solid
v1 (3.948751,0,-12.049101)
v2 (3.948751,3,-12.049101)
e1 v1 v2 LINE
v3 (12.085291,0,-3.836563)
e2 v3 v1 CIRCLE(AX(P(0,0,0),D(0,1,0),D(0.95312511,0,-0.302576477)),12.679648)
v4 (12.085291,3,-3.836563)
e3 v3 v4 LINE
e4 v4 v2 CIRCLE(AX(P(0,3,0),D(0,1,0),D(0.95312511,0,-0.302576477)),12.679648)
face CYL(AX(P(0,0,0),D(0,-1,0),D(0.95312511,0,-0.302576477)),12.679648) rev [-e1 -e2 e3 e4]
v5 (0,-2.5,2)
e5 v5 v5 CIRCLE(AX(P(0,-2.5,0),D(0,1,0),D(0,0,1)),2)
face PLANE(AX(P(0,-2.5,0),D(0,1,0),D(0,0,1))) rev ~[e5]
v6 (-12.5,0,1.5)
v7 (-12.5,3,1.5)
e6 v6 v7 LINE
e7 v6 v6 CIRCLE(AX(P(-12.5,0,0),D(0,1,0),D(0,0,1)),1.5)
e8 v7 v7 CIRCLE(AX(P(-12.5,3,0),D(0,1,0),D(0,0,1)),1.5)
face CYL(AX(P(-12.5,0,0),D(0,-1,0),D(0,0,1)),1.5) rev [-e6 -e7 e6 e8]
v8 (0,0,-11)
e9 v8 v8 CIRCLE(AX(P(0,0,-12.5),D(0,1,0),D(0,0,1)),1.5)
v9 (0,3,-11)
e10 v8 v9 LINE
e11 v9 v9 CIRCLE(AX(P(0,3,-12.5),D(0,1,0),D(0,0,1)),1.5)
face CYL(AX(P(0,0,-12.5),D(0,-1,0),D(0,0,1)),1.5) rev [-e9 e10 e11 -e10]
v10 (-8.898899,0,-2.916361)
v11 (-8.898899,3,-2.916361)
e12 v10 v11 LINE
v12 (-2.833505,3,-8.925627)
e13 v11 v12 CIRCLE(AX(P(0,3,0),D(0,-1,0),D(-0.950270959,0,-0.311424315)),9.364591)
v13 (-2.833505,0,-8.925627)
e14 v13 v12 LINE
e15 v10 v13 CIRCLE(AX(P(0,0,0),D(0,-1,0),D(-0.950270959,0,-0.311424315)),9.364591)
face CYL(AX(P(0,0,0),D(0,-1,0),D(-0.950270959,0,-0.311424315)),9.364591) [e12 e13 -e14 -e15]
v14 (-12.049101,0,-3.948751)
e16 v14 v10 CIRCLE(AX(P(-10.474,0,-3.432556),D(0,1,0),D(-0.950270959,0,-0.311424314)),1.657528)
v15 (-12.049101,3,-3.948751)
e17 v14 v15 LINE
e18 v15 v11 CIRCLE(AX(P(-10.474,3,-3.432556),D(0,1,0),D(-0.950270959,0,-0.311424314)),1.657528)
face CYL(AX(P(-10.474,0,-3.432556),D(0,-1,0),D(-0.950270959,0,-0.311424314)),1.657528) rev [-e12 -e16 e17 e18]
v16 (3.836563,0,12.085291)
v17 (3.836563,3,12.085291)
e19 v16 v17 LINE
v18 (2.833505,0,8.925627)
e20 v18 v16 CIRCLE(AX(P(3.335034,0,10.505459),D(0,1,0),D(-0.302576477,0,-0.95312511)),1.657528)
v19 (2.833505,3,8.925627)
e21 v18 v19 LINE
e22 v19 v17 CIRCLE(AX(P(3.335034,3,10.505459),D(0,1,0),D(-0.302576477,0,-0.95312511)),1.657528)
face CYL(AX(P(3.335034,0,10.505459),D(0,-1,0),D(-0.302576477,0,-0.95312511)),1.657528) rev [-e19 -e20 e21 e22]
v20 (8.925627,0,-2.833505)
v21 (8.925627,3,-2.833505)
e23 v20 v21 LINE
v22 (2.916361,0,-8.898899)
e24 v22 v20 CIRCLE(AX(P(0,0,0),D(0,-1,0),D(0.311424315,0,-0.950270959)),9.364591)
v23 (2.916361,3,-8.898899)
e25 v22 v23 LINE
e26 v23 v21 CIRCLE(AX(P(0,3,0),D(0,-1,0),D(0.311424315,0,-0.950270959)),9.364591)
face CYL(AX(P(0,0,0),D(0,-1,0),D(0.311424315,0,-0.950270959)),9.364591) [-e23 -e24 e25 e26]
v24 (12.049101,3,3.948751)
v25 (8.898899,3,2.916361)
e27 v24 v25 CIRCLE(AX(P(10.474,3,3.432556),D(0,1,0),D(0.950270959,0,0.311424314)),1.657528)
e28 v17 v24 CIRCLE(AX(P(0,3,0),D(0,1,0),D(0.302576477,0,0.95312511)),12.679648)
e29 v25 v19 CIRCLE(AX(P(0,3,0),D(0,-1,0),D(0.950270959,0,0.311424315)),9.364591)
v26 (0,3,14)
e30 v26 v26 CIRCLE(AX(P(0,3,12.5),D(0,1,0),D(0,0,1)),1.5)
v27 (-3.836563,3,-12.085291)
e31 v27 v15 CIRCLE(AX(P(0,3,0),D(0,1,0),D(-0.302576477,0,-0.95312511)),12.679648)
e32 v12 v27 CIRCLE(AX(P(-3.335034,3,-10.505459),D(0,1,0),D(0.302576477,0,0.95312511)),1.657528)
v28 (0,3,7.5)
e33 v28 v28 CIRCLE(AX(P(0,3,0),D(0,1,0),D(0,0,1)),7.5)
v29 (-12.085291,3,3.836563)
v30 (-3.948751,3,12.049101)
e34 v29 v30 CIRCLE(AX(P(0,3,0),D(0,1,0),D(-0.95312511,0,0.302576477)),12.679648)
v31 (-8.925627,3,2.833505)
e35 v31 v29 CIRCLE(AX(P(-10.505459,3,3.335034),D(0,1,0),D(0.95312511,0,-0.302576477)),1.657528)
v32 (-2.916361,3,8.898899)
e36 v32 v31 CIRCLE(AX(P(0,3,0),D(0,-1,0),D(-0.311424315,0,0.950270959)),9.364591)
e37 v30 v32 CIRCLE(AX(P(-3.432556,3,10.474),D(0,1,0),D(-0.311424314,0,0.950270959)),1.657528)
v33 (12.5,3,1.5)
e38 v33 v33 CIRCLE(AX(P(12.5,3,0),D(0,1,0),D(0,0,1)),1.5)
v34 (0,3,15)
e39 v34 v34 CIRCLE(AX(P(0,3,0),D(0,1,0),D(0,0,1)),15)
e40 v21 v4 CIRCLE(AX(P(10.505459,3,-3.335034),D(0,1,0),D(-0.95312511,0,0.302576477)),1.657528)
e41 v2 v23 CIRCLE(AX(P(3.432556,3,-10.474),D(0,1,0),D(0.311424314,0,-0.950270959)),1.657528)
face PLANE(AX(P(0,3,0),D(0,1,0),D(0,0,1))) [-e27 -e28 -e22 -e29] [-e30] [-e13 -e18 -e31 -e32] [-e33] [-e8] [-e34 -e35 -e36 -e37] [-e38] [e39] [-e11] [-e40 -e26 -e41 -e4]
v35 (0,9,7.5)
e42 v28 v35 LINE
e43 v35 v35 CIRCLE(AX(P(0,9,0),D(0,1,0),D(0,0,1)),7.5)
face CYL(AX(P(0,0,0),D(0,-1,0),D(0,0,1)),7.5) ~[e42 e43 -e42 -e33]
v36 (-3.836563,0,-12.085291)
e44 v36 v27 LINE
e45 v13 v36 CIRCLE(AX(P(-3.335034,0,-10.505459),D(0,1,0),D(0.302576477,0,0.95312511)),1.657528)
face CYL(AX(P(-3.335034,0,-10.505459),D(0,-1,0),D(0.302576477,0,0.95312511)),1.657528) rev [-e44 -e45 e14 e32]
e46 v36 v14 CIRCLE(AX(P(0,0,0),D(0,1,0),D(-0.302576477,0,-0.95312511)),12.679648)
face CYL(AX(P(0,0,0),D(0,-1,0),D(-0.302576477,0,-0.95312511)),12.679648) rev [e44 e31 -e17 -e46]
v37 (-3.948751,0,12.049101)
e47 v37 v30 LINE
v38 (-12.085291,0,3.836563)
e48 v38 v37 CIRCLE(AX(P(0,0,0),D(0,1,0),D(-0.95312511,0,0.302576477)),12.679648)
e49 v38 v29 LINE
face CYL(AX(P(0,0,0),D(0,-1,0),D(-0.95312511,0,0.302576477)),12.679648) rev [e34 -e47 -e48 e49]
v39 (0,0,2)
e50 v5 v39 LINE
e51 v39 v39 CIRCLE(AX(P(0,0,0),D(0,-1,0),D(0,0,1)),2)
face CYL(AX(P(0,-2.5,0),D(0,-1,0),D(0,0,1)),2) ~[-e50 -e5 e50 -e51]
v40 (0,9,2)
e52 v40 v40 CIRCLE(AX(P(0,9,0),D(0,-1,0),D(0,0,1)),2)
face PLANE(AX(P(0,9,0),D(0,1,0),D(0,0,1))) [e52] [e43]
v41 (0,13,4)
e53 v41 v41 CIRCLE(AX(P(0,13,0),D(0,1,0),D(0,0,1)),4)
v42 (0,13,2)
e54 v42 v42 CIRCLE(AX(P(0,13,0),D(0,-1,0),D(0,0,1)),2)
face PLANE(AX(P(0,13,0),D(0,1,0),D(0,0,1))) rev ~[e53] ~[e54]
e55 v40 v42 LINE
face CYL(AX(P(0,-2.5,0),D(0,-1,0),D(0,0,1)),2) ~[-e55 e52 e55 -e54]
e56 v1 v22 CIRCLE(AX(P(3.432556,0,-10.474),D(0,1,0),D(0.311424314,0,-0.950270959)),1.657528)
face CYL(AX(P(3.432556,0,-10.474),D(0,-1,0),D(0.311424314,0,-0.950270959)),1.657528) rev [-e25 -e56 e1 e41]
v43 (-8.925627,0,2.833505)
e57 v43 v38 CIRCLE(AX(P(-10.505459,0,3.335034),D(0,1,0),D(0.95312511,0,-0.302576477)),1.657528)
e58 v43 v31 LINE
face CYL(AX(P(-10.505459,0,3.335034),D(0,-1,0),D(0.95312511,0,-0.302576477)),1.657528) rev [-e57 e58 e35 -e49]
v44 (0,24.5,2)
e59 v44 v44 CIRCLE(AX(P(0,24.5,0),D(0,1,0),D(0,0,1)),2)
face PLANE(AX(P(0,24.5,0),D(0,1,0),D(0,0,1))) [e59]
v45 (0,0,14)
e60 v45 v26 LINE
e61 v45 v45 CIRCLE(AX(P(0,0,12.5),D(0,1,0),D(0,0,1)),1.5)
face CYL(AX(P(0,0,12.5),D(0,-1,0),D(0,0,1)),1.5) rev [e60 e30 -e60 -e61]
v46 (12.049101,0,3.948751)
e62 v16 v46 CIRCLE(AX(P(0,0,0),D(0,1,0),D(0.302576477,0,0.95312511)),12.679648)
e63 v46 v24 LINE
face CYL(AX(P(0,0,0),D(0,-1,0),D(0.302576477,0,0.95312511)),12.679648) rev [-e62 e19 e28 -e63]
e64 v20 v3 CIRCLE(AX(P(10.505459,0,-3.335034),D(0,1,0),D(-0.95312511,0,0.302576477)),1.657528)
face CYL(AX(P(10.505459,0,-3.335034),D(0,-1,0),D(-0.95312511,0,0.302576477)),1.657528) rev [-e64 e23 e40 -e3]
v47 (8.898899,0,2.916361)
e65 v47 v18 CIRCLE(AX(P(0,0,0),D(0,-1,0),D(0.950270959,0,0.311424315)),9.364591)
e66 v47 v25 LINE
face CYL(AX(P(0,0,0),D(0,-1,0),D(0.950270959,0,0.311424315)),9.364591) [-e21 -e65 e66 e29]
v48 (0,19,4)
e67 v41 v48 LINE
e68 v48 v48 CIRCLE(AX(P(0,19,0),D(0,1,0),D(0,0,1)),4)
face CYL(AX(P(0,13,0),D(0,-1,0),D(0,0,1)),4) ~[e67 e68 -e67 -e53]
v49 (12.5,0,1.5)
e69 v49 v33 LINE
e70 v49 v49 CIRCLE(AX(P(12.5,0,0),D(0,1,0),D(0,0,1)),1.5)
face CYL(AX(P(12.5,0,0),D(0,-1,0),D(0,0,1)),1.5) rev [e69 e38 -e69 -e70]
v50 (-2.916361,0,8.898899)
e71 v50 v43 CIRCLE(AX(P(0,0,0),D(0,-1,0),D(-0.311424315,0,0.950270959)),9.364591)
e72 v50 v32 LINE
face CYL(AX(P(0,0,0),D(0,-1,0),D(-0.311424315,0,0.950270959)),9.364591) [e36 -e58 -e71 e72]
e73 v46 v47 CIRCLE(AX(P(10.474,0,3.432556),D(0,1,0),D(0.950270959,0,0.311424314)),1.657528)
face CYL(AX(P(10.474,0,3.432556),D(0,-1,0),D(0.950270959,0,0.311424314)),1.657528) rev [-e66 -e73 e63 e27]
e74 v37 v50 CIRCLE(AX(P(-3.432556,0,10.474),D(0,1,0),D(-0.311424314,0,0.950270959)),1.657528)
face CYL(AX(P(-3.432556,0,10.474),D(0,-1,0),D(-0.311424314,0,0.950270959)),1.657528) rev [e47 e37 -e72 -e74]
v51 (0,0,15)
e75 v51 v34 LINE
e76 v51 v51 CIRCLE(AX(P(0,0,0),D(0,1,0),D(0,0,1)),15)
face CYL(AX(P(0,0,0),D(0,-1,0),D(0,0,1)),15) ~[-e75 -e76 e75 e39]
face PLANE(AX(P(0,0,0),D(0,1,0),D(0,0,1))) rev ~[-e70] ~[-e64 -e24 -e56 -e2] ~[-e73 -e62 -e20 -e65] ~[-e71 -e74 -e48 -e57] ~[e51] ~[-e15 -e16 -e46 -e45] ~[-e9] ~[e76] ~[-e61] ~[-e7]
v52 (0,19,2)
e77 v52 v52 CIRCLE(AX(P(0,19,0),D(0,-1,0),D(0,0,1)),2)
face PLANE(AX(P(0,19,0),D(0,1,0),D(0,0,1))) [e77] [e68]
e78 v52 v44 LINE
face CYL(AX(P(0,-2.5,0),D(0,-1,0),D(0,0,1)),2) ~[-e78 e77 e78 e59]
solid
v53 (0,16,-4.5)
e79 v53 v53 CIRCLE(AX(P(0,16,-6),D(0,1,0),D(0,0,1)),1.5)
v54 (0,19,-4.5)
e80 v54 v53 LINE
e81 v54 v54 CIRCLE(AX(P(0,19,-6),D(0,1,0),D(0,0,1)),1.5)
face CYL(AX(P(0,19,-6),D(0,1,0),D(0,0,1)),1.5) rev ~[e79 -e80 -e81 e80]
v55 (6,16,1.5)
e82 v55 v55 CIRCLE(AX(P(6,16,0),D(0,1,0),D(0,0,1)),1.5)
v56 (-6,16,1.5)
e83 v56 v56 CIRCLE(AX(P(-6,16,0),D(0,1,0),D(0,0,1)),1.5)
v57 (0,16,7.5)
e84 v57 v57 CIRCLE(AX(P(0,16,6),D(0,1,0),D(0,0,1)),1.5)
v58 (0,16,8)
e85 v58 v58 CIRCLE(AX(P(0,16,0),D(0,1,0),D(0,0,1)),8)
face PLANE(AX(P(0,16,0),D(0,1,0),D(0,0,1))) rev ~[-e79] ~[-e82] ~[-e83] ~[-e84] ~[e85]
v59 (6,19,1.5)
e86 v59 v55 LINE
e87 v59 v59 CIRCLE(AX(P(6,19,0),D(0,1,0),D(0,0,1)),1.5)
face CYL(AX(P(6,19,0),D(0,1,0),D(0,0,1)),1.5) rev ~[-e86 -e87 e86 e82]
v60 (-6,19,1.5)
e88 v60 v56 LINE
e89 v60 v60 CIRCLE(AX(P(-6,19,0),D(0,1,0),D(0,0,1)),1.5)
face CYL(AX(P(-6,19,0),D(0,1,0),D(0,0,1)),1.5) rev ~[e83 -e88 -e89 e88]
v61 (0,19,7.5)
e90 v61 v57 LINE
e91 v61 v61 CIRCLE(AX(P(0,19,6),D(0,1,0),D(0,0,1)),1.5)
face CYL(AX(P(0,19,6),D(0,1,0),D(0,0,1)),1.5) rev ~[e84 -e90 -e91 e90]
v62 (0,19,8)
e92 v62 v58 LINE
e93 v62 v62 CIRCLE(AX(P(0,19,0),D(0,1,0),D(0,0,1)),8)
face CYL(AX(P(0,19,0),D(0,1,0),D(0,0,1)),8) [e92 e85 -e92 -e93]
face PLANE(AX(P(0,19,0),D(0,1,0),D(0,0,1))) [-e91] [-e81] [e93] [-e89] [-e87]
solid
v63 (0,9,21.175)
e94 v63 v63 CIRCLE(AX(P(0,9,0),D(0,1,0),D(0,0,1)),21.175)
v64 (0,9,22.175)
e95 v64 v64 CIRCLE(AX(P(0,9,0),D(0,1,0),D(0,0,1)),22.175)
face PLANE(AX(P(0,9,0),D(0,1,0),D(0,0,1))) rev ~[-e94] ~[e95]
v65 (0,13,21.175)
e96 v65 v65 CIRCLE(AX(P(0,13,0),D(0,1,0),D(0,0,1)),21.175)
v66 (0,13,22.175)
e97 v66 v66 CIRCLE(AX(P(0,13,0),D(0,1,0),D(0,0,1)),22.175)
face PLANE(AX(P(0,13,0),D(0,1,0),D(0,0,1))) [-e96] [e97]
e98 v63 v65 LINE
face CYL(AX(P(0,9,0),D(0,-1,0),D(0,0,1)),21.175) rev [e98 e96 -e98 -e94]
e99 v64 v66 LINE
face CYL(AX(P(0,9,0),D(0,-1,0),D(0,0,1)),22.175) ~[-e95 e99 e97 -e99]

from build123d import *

# Parameters (mm, degrees)
BOSS_EXTRUDE3_DEPTH      = 24.5
BOSS_EXTRUDE3_DEPTH_BACK = 2.5
SKETCH1_R                = 2
SKETCH1_6_R              = 7.5
BOSS_EXTRUDE4_DEPTH      = 9
SKETCH1_8_R              = 15
SKETCH1_8_R_2            = 1.5
SKETCH1_8_R_3            = 7.5
BOSS_EXTRUDE5_DEPTH      = 3
SKETCH3_R                = 22.175
SKETCH3_R_2              = 21.175
BOSS_EXTRUDE6_DEPTH      = 4
SKETCH4_R                = 4
BOSS_EXTRUDE7_DEPTH      = 6
SKETCH5_R                = 8
SKETCH5_R_2              = 1.5
BOSS_EXTRUDE8_DEPTH      = 3


with BuildPart() as part:
    # Sketch1 → Boss-Extrude3 (new, two sides: drawn at the far end of the back side and taken through both)
    with BuildSketch(Plane(origin=(0, 0, 0), x_dir=(1, 0, 0), z_dir=(0, 1, 0)).offset(-BOSS_EXTRUDE3_DEPTH_BACK)):
        Circle(SKETCH1_R)
    extrude(amount=BOSS_EXTRUDE3_DEPTH + BOSS_EXTRUDE3_DEPTH_BACK)



with BuildPart() as body_2:
    # Sketch1<6> → Boss-Extrude4 (new body)
    with BuildSketch(Plane(origin=(0, 0, 0), x_dir=(1, 0, 0), z_dir=(0, 1, 0))):
        Circle(SKETCH1_6_R)
    extrude(amount=BOSS_EXTRUDE4_DEPTH)


with BuildPart() as part_1:
    add(part.part)

    add(body_2.part)  # Boss-Extrude5 merges body 2
    # Sketch1<8> → Boss-Extrude5 (add)
    with BuildSketch(Plane(origin=(0, 0, 0), x_dir=(1, 0, 0), z_dir=(0, 1, 0))):
        Circle(SKETCH1_8_R)
        with Locations((-12.5, 0)):
            Circle(SKETCH1_8_R_2, mode=Mode.SUBTRACT)
        with BuildLine():
            ThreePointArc((-3.948750659, -12.04910118), (-9.007445058, -8.924091244), (-12.085290806, -3.836563193))
            ThreePointArc((-12.085290806, -3.836563193), (-11.006987994, -1.755202195), (-8.925626996, -2.833505007))
            ThreePointArc((-8.925626996, -2.833505007), (-6.652474985, -6.590913781), (-2.916361389, -8.898899041))
            ThreePointArc((-2.916361389, -8.898899041), (-1.857454955, -10.990194746), (-3.948750659, -12.04910118))
        make_face(mode=Mode.SUBTRACT)
        with Locations((0, -12.5)):
            Circle(SKETCH1_8_R_2, mode=Mode.SUBTRACT)
        with BuildLine():
            ThreePointArc((12.04910118, -3.948750659), (8.924091244, -9.007445058), (3.836563193, -12.085290806))
            ThreePointArc((3.836563193, -12.085290806), (1.755202195, -11.006987994), (2.833505007, -8.925626996))
            ThreePointArc((2.833505007, -8.925626996), (6.590913781, -6.652474985), (8.898899041, -2.916361389))
            ThreePointArc((8.898899041, -2.916361389), (10.990194746, -1.857454955), (12.04910118, -3.948750659))
        make_face(mode=Mode.SUBTRACT)
        with BuildLine():
            ThreePointArc((-12.04910118, 3.948750659), (-8.924091244, 9.007445058), (-3.836563193, 12.085290806))
            ThreePointArc((-3.836563193, 12.085290806), (-1.755202195, 11.006987994), (-2.833505007, 8.925626996))
            ThreePointArc((-2.833505007, 8.925626996), (-6.590913781, 6.652474985), (-8.898899041, 2.916361389))
            ThreePointArc((-8.898899041, 2.916361389), (-10.990194746, 1.857454955), (-12.04910118, 3.948750659))
        make_face(mode=Mode.SUBTRACT)
        Circle(SKETCH1_8_R_3, mode=Mode.SUBTRACT)
        with BuildLine():
            ThreePointArc((3.948750659, 12.04910118), (9.007445058, 8.924091244), (12.085290806, 3.836563193))
            ThreePointArc((12.085290806, 3.836563193), (11.006987994, 1.755202195), (8.925626996, 2.833505007))
            ThreePointArc((8.925626996, 2.833505007), (6.652474985, 6.590913781), (2.916361389, 8.898899041))
            ThreePointArc((2.916361389, 8.898899041), (1.857454955, 10.990194746), (3.948750659, 12.04910118))
        make_face(mode=Mode.SUBTRACT)
        with Locations((12.5, 0)):
            Circle(SKETCH1_8_R_2, mode=Mode.SUBTRACT)
        with Locations((0, 12.5)):
            Circle(SKETCH1_8_R_2, mode=Mode.SUBTRACT)
    extrude(amount=BOSS_EXTRUDE5_DEPTH)

    # Sketch4 → Boss-Extrude7 (add)
    with BuildSketch(Plane(origin=(0, 13, 0), x_dir=(1, 0, 0), z_dir=(0, 1, 0))):
        Circle(SKETCH4_R)
    extrude(amount=BOSS_EXTRUDE7_DEPTH)


with BuildPart() as body_2_2:
    # Sketch3 → Boss-Extrude6 (new body)
    with BuildSketch(Plane(origin=(0, 9, 0), x_dir=(1, 0, 0), z_dir=(0, 1, 0))):
        Circle(SKETCH3_R)
        Circle(SKETCH3_R_2, mode=Mode.SUBTRACT)
    extrude(amount=BOSS_EXTRUDE6_DEPTH)


with BuildPart() as body_3:
    # Sketch5 → Boss-Extrude8 (new body)
    with BuildSketch(Plane(origin=(0, 19, 0), x_dir=(1, 0, 0), z_dir=(0, 1, 0))):
        Circle(SKETCH5_R)
        with Locations((-6, 0)):
            Circle(SKETCH5_R_2, mode=Mode.SUBTRACT)
        with Locations((0, 6)):
            Circle(SKETCH5_R_2, mode=Mode.SUBTRACT)
        with Locations((6, 0)):
            Circle(SKETCH5_R_2, mode=Mode.SUBTRACT)
        with Locations((0, -6)):
            Circle(SKETCH5_R_2, mode=Mode.SUBTRACT)
    extrude(amount=-BOSS_EXTRUDE8_DEPTH)


solid = Compound([part_1.part, body_2_2.part, body_3.part])
